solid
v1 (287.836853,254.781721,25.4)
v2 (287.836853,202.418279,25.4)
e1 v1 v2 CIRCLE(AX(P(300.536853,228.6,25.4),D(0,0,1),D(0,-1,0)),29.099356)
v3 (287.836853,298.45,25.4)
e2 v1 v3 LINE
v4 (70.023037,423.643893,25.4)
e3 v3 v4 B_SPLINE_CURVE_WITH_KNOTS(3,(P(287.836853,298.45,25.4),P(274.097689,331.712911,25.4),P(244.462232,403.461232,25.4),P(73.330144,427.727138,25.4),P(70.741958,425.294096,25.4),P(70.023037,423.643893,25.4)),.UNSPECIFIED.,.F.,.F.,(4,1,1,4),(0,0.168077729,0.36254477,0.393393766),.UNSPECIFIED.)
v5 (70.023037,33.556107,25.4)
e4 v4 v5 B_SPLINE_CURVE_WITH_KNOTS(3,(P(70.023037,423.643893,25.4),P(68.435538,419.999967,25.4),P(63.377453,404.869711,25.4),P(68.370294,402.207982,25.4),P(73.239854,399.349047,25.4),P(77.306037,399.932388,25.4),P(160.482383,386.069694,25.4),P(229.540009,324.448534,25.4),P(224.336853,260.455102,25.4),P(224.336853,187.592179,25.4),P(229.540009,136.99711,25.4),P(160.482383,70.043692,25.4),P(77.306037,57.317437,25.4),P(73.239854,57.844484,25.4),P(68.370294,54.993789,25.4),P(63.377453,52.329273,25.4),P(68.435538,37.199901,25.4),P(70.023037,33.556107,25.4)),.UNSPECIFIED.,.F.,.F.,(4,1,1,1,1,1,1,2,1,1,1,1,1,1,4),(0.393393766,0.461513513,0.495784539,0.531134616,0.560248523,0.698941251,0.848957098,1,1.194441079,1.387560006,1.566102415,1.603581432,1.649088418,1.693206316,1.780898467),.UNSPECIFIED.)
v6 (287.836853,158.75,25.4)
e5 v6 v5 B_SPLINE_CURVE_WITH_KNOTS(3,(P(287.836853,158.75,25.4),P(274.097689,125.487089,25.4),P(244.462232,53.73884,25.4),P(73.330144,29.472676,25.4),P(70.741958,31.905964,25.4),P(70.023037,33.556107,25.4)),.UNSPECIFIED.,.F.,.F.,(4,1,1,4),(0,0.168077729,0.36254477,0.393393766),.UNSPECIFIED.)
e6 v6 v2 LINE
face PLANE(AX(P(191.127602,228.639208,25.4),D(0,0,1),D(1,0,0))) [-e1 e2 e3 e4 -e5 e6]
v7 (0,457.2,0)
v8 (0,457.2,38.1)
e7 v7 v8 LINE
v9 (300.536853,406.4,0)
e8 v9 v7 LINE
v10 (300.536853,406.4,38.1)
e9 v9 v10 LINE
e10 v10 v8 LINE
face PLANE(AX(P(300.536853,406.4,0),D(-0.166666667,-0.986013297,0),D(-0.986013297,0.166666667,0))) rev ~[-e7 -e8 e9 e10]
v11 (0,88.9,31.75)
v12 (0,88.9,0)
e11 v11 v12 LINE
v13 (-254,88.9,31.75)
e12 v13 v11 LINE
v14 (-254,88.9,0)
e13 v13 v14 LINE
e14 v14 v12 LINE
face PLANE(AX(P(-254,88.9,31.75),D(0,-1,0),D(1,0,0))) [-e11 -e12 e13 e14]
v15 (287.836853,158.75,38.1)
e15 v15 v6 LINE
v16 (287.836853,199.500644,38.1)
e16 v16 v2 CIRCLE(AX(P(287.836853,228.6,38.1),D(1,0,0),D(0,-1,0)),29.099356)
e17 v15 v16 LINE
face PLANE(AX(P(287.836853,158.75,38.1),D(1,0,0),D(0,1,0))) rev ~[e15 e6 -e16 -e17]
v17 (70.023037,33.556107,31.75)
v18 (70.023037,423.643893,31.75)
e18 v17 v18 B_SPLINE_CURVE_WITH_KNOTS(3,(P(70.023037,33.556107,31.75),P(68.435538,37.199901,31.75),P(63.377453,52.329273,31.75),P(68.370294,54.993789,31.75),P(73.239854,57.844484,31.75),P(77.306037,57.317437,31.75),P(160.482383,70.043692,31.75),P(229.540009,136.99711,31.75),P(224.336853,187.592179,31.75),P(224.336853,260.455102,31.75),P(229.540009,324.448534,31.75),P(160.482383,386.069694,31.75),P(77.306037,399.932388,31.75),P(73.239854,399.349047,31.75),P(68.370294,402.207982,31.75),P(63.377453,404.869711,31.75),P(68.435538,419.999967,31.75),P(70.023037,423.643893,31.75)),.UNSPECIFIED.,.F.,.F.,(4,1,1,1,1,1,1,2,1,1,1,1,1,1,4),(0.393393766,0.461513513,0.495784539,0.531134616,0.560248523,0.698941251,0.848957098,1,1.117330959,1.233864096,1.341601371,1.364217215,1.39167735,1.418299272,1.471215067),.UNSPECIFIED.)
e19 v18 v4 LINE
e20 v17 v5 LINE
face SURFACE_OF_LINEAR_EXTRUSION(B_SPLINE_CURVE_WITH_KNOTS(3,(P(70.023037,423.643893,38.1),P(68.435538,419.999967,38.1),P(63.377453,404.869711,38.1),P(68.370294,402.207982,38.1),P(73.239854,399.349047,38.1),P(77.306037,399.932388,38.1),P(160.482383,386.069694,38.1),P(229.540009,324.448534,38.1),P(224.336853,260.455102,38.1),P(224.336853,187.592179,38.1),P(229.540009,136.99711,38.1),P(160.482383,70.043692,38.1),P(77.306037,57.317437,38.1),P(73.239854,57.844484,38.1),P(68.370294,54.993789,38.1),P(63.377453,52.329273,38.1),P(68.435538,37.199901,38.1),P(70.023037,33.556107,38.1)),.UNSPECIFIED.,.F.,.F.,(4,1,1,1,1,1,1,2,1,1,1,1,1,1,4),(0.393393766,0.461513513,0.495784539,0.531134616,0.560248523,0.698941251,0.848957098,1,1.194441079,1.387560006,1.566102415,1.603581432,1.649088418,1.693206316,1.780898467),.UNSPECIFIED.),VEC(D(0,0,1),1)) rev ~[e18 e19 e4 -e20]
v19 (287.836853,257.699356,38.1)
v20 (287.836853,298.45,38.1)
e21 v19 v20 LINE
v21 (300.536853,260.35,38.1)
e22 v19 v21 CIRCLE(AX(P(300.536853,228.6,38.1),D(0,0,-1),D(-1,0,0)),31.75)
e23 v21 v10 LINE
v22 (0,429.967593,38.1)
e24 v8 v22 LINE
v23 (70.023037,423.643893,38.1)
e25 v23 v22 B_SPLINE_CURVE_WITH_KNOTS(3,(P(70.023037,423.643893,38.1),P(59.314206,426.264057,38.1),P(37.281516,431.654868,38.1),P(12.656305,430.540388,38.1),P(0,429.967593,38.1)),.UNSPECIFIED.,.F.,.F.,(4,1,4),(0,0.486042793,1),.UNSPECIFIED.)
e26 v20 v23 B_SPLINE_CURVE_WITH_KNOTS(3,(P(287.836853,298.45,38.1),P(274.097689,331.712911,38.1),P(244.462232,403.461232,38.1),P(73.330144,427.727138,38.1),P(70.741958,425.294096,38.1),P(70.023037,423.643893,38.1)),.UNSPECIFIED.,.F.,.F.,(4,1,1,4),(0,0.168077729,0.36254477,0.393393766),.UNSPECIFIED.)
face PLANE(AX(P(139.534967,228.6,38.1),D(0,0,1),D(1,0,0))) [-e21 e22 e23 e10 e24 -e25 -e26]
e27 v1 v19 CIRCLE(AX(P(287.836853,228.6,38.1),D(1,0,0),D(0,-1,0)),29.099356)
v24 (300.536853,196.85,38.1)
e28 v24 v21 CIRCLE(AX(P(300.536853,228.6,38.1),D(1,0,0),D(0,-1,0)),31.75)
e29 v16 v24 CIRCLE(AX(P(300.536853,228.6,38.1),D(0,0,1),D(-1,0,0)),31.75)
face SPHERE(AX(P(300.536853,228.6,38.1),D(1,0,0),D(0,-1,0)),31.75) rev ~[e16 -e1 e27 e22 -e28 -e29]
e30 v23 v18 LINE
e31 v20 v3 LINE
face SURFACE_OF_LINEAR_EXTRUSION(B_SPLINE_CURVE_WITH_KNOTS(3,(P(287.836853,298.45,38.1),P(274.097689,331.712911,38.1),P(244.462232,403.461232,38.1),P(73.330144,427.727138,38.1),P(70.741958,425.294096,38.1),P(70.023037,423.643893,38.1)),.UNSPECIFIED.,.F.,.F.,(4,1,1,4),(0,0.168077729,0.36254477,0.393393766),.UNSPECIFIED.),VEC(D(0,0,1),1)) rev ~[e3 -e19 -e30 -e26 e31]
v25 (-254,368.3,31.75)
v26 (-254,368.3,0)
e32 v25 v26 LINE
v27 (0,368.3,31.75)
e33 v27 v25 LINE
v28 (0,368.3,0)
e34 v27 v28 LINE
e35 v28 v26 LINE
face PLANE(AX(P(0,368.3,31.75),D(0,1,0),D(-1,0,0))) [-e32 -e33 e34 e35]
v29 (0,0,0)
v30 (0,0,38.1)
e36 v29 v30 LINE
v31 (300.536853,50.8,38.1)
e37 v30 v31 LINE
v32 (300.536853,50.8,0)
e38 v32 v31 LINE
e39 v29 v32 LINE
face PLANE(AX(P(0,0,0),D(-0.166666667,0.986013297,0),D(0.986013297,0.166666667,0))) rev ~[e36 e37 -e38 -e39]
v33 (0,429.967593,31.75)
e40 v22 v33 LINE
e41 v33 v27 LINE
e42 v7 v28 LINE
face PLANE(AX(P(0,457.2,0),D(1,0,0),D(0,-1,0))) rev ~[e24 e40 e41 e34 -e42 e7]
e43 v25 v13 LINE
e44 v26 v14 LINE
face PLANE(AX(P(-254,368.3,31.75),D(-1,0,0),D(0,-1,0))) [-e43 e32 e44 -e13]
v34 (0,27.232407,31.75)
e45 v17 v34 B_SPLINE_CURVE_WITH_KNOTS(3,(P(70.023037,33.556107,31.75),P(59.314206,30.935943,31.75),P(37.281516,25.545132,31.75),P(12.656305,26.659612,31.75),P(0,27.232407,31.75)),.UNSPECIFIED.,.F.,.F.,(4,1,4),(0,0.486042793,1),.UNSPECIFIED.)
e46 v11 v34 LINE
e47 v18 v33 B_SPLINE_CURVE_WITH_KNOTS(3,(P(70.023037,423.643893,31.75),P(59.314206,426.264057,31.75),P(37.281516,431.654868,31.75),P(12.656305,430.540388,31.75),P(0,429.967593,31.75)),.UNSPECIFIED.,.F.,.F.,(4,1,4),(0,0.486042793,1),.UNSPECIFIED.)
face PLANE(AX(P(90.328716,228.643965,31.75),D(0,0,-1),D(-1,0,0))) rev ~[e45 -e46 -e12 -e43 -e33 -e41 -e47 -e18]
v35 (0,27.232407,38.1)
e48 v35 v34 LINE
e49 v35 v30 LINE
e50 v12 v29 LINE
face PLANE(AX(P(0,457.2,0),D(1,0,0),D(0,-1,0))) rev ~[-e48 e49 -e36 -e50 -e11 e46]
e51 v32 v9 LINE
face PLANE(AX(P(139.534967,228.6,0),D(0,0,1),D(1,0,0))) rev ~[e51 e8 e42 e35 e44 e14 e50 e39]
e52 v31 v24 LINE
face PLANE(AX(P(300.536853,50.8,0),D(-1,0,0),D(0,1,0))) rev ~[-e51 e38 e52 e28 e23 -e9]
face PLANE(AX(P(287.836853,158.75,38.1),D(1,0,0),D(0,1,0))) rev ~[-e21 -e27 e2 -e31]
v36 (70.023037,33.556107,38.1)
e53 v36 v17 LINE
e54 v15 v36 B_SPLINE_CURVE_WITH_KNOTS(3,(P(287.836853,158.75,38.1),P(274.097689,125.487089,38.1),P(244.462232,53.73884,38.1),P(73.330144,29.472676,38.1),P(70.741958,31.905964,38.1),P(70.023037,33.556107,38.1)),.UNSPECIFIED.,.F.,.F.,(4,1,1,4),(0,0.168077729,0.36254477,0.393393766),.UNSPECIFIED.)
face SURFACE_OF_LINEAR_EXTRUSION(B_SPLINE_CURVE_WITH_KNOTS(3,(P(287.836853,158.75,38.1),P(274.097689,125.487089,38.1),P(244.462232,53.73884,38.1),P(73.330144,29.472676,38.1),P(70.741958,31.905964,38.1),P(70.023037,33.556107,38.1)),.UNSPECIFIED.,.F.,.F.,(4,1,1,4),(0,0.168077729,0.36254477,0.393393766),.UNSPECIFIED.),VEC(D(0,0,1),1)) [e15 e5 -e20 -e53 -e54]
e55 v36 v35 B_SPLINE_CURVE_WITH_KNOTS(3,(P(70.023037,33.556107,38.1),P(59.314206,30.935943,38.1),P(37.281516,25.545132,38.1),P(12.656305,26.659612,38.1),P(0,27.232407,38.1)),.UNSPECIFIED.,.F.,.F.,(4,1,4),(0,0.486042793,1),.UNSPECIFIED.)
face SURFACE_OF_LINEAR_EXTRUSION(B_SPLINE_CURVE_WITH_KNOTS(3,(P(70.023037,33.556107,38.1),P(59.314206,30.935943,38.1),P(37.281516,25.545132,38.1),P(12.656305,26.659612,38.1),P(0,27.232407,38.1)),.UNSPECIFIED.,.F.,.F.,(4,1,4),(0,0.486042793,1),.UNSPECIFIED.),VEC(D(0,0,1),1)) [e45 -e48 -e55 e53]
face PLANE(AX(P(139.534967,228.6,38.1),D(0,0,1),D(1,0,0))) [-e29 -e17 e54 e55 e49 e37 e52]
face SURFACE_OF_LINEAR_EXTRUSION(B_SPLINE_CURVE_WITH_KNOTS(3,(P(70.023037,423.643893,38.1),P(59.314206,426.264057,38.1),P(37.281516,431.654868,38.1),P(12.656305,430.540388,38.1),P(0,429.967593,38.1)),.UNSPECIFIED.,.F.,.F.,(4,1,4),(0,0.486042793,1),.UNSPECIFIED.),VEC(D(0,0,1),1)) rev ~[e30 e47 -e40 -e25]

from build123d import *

# Parameters (mm, degrees)
F1_DEPTH = 38.1
F3_DEPTH = 12.7
F5_ANGLE = 180
F6_DEPTH = 6.35
F8_DEPTH = 31.75


with BuildPart() as f1:
    # F0 (on Top) → F1 (new body)
    with BuildSketch(Plane.XY):
        Polygon((0, 457.2), (0, 0), (300.5368529815, 50.8), (300.5368529815, 406.4), align=None)
    extrude(amount=F1_DEPTH)

    # F2 (on face) → F3 (cut)
    with BuildSketch(Plane.XY.offset(38.1)):
        with BuildLine():
            Line((287.8368529815, 158.75), (287.8368529815, 228.6))
            Line((287.8368529815, 228.6), (287.8368529815, 298.45))
            add(Edge.make_bspline(
                [(287.8368529815, 298.45), (274.0976885543, 331.7129114168), (244.462232063, 403.4612317728), (73.3301440344, 427.7271384352), (70.74195792, 425.2940959796), (70.0230365024, 423.6438925683)],
                knots=[0, 0, 0, 0, 0.1680777292, 0.3625447701, 0.3933937659, 0.3933937659, 0.3933937659, 0.3933937659], degree=3))
            add(Edge.make_bspline(
                [(70.0230365024, 423.6438925683), (68.4355376678, 419.9999671984), (63.377452963, 404.8697109281), (68.3702936505, 402.2079819696), (73.2398539672, 399.3490471662), (77.3060373008, 399.9323880306), (160.4823825419, 386.0696943096), (229.5400089317, 324.4485337175), (224.3368529815, 260.4551017284), (224.3368529815, 228.6)],
                knots=[0.3933937659, 0.3933937659, 0.3933937659, 0.3933937659, 0.4615135128, 0.495784539, 0.5311346164, 0.5602485234, 0.6989412506, 0.848957098, 1, 1, 1, 1], degree=3))
            add(Edge.make_bspline(
                [(70.0230365024, 33.5561074317), (68.4355376678, 37.1999006103), (63.377452963, 52.3292730677), (68.3702936505, 54.9937890625), (73.2398539672, 57.8444840887), (77.3060373008, 57.3174367131), (160.4823825419, 70.0436920791), (229.5400089317, 136.9971102414), (224.3368529815, 187.5921785831), (224.3368529815, 228.6)],
                knots=[0.3933937659, 0.3933937659, 0.3933937659, 0.3933937659, 0.4615135128, 0.495784539, 0.5311346164, 0.5602485234, 0.6989412506, 0.848957098, 1, 1, 1, 1], degree=3))
            add(Edge.make_bspline(
                [(287.8368529815, 158.75), (274.0976885543, 125.4870885832), (244.462232063, 53.7388397395), (73.3301440344, 29.4726759186), (70.74195792, 31.9059638852), (70.0230365024, 33.5561074317)],
                knots=[0, 0, 0, 0, 0.1680777292, 0.3625447701, 0.3933937659, 0.3933937659, 0.3933937659, 0.3933937659], degree=3))
        make_face()
    extrude(amount=-F3_DEPTH, mode=Mode.SUBTRACT)

    # F4 (on face) → F5 (revolve, cut)
    with BuildSketch(Plane.XY.offset(38.1)):
        with BuildLine():
            ThreePointArc((268.7868529815, 228.6), (278.0862126788, 206.1493596973), (300.5368529815, 196.85))
            Line((300.5368529815, 196.85), (300.5368529815, 228.6))
            Line((300.5368529815, 228.6), (268.7868529815, 228.6))
        make_face()
    revolve(axis=Axis((284.6618529815, 228.6, 38.1), (1, 0, 0)), revolution_arc=F5_ANGLE, mode=Mode.SUBTRACT)

    # F2 (on face) → F6 (cut)
    with BuildSketch(Plane.XY.offset(38.1)):
        with BuildLine():
            add(Edge.make_bspline(
                [(70.0230365024, 33.5561074317), (59.3142063381, 30.9359426227), (37.2815163913, 25.5451316791), (12.6563049092, 26.6596121467), (0, 27.2324074148)],
                knots=[0, 0, 0, 0, 0.4860427932, 1, 1, 1, 1], degree=3))
            add(Edge.make_bspline(
                [(70.0230365024, 33.5561074317), (68.4355376678, 37.1999006103), (63.377452963, 52.3292730677), (68.3702936505, 54.9937890625), (73.2398539672, 57.8444840887), (77.3060373008, 57.3174367131), (160.4823825419, 70.0436920791), (229.5400089317, 136.9971102414), (224.3368529815, 187.5921785831), (224.3368529815, 228.6)],
                knots=[0.3933937659, 0.3933937659, 0.3933937659, 0.3933937659, 0.4615135128, 0.495784539, 0.5311346164, 0.5602485234, 0.6989412506, 0.848957098, 1, 1, 1, 1], degree=3))
            add(Edge.make_bspline(
                [(70.0230365024, 423.6438925683), (68.4355376678, 419.9999671984), (63.377452963, 404.8697109281), (68.3702936505, 402.2079819696), (73.2398539672, 399.3490471662), (77.3060373008, 399.9323880306), (160.4823825419, 386.0696943096), (229.5400089317, 324.4485337175), (224.3368529815, 260.4551017284), (224.3368529815, 228.6)],
                knots=[0.3933937659, 0.3933937659, 0.3933937659, 0.3933937659, 0.4615135128, 0.495784539, 0.5311346164, 0.5602485234, 0.6989412506, 0.848957098, 1, 1, 1, 1], degree=3))
            add(Edge.make_bspline(
                [(70.0230365024, 423.6438925683), (59.3142063381, 426.2640573773), (37.2815163913, 431.6548683209), (12.6563049092, 430.5403878533), (0, 429.9675925852)],
                knots=[0, 0, 0, 0, 0.4860427932, 1, 1, 1, 1], degree=3))
            Line((0, 429.9675925852), (0, 27.2324074148))
        make_face()
    extrude(amount=-F6_DEPTH, mode=Mode.SUBTRACT)

    # F7 (on face) → F8 (join)
    with BuildSketch(Plane.XY.offset(31.75)):
        Polygon((0, 228.6), (0, 368.3), (-254, 368.3), (-254, 88.9), (0, 88.9), align=None)
    extrude(amount=-F8_DEPTH)


solid = f1.part
